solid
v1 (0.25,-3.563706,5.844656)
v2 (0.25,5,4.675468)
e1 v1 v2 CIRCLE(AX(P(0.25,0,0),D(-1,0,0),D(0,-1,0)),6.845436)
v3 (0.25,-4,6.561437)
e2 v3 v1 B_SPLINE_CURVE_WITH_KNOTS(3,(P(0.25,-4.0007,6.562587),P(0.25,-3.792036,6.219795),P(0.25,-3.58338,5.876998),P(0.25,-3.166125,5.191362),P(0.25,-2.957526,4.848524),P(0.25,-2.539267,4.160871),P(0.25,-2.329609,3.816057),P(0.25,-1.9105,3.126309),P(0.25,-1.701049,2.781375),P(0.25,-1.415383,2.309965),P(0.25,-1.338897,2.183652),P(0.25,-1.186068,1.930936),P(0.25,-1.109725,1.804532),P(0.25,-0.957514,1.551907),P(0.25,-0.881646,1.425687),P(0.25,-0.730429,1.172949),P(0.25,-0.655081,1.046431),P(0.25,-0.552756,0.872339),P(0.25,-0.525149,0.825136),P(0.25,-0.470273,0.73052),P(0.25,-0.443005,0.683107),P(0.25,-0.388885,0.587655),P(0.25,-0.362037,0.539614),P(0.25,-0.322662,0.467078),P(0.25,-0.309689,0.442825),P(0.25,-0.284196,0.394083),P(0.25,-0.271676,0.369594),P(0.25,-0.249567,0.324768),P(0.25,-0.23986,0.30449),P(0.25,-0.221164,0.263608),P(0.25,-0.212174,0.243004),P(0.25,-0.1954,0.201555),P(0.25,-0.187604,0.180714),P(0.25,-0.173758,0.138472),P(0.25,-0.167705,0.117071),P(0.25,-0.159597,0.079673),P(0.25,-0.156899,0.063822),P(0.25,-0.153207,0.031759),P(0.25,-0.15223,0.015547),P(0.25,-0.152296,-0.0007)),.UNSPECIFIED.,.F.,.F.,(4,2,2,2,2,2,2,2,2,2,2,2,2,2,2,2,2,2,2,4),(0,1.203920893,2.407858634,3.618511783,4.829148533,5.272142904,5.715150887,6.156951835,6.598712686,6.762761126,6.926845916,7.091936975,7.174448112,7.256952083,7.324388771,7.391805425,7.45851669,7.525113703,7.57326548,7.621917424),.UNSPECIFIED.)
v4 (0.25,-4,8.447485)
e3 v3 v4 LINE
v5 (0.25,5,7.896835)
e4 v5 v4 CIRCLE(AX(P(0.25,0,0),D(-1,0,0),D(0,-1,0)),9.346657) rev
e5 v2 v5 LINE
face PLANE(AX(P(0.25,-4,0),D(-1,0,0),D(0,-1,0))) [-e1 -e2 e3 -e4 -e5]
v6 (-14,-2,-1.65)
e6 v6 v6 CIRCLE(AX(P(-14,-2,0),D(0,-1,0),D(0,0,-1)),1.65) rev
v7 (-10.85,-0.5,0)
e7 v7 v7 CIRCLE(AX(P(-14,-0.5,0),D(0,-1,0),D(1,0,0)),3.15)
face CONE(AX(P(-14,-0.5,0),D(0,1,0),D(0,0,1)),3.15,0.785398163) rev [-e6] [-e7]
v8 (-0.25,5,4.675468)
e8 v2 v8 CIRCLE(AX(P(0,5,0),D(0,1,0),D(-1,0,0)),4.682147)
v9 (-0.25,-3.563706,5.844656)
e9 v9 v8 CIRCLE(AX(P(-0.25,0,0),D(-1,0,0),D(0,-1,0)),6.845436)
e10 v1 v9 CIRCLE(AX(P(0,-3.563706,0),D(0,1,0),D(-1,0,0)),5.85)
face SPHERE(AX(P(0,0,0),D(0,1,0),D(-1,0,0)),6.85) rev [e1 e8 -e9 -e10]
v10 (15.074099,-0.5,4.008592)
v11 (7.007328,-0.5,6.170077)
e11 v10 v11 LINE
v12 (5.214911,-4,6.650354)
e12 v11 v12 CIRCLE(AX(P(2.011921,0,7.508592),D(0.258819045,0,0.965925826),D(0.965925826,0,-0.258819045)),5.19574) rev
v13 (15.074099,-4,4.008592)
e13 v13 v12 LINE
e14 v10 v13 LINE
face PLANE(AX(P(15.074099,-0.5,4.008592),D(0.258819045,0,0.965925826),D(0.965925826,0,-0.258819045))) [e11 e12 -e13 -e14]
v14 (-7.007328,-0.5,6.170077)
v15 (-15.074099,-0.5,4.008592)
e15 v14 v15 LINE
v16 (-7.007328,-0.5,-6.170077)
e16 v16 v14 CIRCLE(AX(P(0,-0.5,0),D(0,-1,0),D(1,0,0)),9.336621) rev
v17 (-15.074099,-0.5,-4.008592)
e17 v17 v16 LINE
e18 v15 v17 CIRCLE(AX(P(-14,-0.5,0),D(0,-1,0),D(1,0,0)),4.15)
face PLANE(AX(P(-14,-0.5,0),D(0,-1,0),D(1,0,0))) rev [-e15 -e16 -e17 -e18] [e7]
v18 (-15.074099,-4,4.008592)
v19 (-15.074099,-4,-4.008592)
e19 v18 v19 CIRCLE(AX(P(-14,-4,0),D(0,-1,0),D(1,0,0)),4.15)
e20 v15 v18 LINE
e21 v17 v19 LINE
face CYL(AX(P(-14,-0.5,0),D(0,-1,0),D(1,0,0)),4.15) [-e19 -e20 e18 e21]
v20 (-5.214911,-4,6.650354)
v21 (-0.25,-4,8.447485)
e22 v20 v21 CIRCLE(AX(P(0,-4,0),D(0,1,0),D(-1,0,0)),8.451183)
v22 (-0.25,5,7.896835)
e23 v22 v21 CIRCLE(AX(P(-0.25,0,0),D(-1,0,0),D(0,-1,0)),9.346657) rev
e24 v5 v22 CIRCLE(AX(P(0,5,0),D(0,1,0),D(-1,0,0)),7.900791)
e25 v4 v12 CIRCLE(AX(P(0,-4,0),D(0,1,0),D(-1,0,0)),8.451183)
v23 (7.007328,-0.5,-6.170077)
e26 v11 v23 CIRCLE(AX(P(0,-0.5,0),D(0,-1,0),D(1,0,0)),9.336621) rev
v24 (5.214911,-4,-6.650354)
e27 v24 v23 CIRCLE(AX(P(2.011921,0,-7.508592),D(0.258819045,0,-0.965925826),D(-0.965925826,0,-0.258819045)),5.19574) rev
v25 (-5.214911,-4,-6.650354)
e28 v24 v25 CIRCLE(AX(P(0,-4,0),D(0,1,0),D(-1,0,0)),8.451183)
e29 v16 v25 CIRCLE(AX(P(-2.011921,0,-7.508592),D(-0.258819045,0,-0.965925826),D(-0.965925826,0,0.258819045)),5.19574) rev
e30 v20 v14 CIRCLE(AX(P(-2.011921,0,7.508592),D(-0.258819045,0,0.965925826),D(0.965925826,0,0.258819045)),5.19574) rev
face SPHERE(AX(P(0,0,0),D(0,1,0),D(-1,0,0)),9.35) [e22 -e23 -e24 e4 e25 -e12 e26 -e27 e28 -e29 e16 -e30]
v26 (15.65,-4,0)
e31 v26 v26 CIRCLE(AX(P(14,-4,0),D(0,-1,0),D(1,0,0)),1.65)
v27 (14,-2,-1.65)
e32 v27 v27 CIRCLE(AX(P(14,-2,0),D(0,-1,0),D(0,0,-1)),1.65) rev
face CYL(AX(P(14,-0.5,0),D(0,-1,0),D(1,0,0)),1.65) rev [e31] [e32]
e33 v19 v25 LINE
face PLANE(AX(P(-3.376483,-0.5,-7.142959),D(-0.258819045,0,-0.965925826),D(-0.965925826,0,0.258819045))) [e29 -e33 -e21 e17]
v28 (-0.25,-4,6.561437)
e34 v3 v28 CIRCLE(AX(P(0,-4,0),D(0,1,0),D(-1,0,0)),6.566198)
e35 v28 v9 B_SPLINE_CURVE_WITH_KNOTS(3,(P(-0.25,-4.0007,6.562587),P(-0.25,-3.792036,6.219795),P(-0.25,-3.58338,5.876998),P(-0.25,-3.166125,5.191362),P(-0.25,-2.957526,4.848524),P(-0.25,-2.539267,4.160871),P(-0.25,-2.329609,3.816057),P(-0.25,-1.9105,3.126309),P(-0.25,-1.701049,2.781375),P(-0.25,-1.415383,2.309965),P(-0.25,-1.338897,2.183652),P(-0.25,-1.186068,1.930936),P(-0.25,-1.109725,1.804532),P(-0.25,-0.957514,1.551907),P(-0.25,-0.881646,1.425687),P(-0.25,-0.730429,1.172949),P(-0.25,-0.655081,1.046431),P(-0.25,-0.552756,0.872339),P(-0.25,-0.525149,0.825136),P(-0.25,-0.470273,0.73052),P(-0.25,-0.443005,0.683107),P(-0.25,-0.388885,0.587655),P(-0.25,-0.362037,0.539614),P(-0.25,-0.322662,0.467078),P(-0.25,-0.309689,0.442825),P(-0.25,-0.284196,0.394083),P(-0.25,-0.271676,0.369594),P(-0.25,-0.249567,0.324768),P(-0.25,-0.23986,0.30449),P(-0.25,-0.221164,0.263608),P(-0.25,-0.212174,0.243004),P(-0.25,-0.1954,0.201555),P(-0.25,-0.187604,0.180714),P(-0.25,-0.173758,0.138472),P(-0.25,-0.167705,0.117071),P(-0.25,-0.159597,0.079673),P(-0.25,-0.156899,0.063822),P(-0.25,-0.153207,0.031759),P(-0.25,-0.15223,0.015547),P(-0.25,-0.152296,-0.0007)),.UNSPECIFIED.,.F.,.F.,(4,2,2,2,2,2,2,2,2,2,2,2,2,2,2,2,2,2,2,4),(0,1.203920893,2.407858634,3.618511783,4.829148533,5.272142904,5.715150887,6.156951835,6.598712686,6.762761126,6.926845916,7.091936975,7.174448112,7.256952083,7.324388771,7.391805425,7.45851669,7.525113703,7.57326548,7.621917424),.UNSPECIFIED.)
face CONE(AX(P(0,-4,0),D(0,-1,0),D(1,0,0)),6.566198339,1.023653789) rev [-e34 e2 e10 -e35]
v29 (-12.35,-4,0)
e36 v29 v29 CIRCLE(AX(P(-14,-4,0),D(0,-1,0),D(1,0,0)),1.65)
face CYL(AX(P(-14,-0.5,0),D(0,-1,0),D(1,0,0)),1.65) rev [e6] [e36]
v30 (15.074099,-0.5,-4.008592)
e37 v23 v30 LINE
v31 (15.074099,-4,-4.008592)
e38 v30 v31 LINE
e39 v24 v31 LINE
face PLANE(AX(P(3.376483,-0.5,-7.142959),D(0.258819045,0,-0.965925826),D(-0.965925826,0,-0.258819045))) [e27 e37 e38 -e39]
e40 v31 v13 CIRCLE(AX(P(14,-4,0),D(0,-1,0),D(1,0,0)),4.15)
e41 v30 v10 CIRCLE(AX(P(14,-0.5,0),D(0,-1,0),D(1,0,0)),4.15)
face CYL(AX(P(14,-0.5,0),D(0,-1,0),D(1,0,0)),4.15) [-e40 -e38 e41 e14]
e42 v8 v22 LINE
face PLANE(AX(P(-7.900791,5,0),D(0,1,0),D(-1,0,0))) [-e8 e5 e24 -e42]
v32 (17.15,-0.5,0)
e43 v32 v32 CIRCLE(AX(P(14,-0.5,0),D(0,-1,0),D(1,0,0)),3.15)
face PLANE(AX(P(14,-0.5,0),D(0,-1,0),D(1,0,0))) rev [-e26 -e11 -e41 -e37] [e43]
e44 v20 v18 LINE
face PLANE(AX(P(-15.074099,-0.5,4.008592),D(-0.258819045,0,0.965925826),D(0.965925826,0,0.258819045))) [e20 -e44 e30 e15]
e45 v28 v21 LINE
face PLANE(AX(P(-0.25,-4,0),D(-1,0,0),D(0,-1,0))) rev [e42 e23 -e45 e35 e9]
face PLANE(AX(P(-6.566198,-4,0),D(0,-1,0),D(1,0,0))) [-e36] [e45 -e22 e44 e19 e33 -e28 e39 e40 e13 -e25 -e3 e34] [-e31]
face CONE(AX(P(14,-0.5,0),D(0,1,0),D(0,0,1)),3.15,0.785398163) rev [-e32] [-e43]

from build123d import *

# Parameters (mm, degrees)
ESQUISSE3_R                          = 1.65
BOSS_EXTRU_1_DEPTH                   = 3.5
CHANFREIN1_SIZE                      = 1.5
ENL_V_DE_MAT_EXTRU_MINCE1_DEPTH      = 23.312440476
ENL_V_DE_MAT_EXTRU_MINCE1_DEPTH_BACK = 23.312440476
ESQUISSE4_W                          = 0.5
ESQUISSE4_H                          = 9.35


with BuildPart() as part:
    # Esquisse1 → R_volution1 (revolve)
    with BuildSketch(Plane.XY):
        with BuildLine():
            Line((-5.85, -3.563705936), (-6.566198339, -4))
            Line((-6.566198339, -4), (-8.451183349, -4))
            ThreePointArc((-8.451183349, -4), (-9.332564872, 0.570730153), (-7.9007911, 5))
            Line((-7.9007911, 5), (-4.682146943, 5))
            ThreePointArc((-4.682146943, 5), (-6.787178696, 0.925583789), (-5.85, -3.563705936))
        make_face()
    revolve(axis=Axis((0, 11.493598295, 0), (0, -1, 0)))

    # Esquisse3 → Boss.-Extru.1 (add)
    # profile 1 of 2: a face of its own
    with BuildSketch(Plane.XZ.offset(4)):
        with BuildLine():
            Line((-15.074099037, 4.008592179), (-3.376482998, 7.14295895))
            ThreePointArc((-3.376482998, 7.14295895), (-7.9007911, 0), (-3.376482998, -7.14295895))
            Line((-3.376482998, -7.14295895), (-15.074099037, -4.008592179))
            ThreePointArc((-15.074099037, -4.008592179), (-18.15, 0), (-15.074099037, 4.008592179))
        make_face()
        with Locations((-14, 0)):
            Circle(ESQUISSE3_R, mode=Mode.SUBTRACT)
    # profile 2 of 2: a face of its own
    with BuildSketch(Plane.XZ.offset(4)):
        with BuildLine():
            Line((15.074099037, 4.008592179), (3.376482998, 7.14295895))
            ThreePointArc((3.376482998, 7.14295895), (7.9007911, 0), (3.376482998, -7.14295895))
            Line((3.376482998, -7.14295895), (15.074099037, -4.008592179))
            ThreePointArc((15.074099037, -4.008592179), (18.15, 0), (15.074099037, 4.008592179))
        make_face()
        with Locations((14, 0)):
            Circle(ESQUISSE3_R, mode=Mode.SUBTRACT)
    extrude(amount=-BOSS_EXTRU_1_DEPTH)

    # Chanfrein1
    chanfrein1_edges = [part.edges().sort_by_distance(p)[0] for p in [
        (12.35, -0.5, 0),
        (-15.65, -0.5, 0),
    ]]
    chamfer(chanfrein1_edges, length=CHANFREIN1_SIZE)

    # Esquisse4 → Enl_v. de mat.-Extru.-Mince1 (cut, two sides: drawn at the far end of the back side and taken through both)
    with BuildSketch(Plane(origin=(0, 5, 0), x_dir=(1, 0, 0), z_dir=(0, 1, 0)).offset(-ENL_V_DE_MAT_EXTRU_MINCE1_DEPTH_BACK)):
        with Locations((0, -4.675)):
            Rectangle(ESQUISSE4_W, ESQUISSE4_H)
    extrude(amount=ENL_V_DE_MAT_EXTRU_MINCE1_DEPTH + ENL_V_DE_MAT_EXTRU_MINCE1_DEPTH_BACK, mode=Mode.SUBTRACT)


solid = part.part
